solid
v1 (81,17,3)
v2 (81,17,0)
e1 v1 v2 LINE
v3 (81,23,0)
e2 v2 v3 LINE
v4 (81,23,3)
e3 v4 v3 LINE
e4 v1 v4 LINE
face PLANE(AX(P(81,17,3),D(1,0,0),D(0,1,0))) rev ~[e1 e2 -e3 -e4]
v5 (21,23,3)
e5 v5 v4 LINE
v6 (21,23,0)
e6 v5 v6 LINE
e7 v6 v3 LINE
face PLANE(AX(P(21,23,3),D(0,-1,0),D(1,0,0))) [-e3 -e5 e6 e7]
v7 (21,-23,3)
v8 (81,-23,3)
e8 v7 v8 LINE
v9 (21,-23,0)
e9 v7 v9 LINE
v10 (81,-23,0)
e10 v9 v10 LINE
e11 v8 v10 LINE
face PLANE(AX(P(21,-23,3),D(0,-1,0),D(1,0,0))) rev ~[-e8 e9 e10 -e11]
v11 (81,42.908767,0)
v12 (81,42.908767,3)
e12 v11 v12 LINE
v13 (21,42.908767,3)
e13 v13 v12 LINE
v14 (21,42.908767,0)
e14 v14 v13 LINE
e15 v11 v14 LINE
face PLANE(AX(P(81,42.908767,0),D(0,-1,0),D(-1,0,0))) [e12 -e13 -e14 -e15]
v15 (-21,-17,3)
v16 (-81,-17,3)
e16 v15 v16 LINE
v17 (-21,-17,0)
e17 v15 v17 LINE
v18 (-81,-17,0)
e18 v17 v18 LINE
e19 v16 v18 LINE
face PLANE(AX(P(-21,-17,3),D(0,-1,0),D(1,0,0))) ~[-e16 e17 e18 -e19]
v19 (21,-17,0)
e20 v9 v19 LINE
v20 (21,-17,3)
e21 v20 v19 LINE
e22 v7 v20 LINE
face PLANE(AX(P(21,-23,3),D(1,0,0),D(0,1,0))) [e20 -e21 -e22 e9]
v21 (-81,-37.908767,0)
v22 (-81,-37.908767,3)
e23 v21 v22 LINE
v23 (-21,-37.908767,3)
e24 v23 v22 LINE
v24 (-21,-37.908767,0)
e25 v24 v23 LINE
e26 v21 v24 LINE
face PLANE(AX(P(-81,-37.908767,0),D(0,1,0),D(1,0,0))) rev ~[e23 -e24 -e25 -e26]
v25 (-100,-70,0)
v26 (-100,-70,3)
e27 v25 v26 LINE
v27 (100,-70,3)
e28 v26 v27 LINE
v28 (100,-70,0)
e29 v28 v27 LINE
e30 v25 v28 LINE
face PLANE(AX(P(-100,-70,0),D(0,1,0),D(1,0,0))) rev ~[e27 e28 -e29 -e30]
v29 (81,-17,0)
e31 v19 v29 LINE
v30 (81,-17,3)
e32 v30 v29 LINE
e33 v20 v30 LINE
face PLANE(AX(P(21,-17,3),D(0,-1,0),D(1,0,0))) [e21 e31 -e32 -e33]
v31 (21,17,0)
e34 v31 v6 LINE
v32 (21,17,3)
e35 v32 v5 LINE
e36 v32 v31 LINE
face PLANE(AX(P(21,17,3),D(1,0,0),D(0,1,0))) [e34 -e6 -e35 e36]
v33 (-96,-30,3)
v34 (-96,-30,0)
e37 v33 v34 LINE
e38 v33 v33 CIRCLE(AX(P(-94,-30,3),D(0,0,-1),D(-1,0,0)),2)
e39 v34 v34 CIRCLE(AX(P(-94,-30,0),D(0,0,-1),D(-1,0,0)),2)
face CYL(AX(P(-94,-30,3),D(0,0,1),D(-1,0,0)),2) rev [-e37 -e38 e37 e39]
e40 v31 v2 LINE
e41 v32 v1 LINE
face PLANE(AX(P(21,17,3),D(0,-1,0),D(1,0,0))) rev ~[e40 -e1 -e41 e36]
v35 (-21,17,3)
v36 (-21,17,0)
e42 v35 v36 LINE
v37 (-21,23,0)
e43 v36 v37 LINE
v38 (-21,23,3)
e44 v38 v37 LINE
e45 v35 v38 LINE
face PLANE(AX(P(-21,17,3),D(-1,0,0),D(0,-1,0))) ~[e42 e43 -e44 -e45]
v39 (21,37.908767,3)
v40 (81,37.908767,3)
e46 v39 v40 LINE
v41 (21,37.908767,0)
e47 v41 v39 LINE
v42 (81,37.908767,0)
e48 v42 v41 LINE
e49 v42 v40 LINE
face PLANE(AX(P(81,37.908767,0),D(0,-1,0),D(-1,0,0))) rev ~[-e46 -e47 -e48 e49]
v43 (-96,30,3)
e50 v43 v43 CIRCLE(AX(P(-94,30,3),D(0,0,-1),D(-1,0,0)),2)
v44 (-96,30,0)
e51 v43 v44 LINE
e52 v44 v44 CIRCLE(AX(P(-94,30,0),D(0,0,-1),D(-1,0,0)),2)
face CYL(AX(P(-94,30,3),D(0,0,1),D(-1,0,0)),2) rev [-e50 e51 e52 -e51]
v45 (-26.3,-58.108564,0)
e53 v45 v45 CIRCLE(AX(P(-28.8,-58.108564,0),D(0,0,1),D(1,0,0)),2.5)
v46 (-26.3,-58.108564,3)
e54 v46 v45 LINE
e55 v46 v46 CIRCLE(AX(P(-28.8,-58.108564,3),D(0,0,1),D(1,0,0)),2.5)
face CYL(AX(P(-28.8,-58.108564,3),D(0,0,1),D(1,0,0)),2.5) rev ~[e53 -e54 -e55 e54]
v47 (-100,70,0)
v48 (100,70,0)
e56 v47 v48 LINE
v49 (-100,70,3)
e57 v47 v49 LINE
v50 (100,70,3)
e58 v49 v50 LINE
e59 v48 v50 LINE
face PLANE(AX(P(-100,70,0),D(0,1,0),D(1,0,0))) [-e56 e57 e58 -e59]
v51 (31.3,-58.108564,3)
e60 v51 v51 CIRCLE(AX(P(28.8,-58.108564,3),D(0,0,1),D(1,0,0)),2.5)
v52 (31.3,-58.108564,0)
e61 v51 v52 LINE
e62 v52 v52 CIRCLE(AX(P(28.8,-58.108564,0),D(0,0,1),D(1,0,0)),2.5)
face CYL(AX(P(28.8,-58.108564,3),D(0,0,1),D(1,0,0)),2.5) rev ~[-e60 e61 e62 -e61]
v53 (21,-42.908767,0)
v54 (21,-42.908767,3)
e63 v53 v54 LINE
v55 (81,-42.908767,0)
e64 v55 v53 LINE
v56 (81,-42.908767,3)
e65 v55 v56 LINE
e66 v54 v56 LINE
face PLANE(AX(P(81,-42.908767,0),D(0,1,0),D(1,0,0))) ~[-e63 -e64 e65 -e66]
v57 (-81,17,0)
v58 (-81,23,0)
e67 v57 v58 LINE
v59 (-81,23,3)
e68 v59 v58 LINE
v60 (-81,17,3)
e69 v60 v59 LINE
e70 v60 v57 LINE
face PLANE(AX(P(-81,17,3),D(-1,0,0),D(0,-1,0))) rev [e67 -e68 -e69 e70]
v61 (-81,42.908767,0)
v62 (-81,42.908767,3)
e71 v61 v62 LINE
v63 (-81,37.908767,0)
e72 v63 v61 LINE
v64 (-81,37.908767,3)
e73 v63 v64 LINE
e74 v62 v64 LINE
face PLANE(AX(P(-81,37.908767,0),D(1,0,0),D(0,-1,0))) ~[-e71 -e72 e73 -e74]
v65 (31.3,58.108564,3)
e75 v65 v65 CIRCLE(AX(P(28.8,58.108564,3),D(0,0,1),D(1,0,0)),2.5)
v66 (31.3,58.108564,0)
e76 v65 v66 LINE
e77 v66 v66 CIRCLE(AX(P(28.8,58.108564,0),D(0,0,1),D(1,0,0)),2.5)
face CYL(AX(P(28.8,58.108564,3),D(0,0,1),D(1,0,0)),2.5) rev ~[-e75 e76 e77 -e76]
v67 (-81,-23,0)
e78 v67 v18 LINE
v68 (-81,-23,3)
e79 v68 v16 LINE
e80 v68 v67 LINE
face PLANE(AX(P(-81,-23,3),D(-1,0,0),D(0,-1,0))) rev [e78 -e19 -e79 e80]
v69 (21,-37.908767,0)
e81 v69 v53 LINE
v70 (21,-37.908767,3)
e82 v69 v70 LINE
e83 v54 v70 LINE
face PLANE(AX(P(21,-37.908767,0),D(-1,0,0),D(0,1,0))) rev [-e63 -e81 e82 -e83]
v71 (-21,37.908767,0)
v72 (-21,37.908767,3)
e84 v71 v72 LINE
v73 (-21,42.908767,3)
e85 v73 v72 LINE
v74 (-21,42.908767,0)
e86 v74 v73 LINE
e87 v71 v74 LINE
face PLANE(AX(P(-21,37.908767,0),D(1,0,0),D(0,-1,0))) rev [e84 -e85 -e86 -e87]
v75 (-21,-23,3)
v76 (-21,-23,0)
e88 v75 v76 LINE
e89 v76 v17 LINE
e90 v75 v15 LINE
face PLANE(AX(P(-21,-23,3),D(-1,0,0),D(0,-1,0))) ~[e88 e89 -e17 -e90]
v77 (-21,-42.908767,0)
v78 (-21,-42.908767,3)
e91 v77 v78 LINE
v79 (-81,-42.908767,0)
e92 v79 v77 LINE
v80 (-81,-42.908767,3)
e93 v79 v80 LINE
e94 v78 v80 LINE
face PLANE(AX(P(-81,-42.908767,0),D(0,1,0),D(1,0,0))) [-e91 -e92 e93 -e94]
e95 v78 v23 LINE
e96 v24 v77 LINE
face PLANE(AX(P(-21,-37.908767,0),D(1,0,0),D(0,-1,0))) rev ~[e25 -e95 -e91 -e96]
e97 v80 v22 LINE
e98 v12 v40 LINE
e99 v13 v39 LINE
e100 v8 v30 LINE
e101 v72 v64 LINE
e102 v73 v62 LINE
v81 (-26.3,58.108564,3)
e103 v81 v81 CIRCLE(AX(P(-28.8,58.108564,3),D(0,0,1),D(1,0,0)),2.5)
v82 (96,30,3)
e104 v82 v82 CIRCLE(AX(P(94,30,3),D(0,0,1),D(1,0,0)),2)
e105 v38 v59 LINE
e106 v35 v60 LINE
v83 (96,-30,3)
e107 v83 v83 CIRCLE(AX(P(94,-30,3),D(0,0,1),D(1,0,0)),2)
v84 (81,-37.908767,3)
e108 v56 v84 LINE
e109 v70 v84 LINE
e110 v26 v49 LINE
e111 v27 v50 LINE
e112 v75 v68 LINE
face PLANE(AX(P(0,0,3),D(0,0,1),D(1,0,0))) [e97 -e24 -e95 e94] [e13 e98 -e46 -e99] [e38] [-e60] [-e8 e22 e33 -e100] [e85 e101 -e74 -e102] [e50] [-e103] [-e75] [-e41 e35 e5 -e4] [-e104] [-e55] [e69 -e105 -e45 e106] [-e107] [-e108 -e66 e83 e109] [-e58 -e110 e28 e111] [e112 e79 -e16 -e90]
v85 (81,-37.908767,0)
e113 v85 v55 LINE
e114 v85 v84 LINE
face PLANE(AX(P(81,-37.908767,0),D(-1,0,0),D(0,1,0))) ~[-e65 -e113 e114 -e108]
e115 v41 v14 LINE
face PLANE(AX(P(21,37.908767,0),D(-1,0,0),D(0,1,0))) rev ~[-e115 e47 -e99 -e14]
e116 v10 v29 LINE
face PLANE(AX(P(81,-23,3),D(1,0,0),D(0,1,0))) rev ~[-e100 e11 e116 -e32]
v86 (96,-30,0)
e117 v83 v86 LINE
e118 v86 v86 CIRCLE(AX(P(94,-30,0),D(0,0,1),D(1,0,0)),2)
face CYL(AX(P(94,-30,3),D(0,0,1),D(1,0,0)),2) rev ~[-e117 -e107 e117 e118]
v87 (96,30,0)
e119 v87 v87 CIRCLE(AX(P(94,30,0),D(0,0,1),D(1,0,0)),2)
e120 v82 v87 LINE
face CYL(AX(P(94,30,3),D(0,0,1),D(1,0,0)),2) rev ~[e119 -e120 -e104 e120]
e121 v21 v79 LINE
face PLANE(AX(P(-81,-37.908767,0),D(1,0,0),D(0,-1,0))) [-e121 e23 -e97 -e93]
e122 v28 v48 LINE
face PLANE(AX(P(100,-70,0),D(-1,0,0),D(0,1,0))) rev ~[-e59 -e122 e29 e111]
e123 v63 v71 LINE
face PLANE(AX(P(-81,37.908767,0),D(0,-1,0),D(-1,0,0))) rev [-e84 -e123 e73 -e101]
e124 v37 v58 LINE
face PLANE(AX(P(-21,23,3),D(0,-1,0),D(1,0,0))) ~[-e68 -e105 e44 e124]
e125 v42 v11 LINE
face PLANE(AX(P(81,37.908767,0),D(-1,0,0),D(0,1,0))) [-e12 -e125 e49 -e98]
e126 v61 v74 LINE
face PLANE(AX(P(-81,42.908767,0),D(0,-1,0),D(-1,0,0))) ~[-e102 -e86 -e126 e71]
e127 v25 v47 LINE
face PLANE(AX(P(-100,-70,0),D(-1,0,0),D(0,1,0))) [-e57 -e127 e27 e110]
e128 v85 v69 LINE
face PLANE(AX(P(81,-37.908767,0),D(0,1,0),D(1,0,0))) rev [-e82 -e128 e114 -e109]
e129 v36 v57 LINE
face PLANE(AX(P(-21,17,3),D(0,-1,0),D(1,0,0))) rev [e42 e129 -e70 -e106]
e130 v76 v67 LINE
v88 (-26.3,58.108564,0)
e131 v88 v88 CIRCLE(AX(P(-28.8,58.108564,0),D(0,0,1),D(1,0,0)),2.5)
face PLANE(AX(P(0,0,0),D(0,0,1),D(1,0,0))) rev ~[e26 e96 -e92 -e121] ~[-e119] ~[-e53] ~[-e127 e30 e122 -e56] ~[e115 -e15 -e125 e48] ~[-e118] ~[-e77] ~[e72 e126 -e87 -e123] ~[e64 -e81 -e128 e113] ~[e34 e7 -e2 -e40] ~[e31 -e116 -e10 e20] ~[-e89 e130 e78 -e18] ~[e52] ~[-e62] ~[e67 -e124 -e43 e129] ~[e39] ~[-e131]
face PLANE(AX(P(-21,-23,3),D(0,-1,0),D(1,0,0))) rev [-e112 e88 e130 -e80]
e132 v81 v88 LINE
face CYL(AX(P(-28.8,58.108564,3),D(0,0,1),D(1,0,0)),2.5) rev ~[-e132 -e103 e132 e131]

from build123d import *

# Parameters (mm, degrees)
SKETCH_2_W               = 200
SKETCH_2_H               = 140
EXTRUDE_1_DEPTH          = 3
SKETCH_3_R               = 2
CUT_EXTRUDE_1_DEPTH      = 3
SKETCH_4_W               = 60
SKETCH_4_H               = 6
CUT_EXTRUDE_2_DEPTH      = 10
SKETCH_5_W               = 60
SKETCH_5_H               = 5
CUT_EXTRUDE_3_DEPTH      = 6
MIRROR_2_COPY_1_SKETCH_W = 60
MIRROR_2_COPY_1_SKETCH_H = 5
MIRROR_2_COPY_1_DEPTH    = 6
SKETCH_6_R               = 2.5
CUT_EXTRUDE_4_DEPTH      = 5


with BuildPart() as part:
    # 草图2 → 凸台-拉伸1 (new body)
    with BuildSketch(Plane.XY):
        Rectangle(SKETCH_2_W, SKETCH_2_H)
    extrude(amount=EXTRUDE_1_DEPTH)

    # 草图3 → 切除-拉伸1 (cut)
    with BuildSketch(Plane.XY.offset(3)):
        with Locations((94, 30)):
            Circle(SKETCH_3_R)
        with Locations((94, -30)):
            Circle(SKETCH_3_R)
    cut_extrude_1 = extrude(amount=-CUT_EXTRUDE_1_DEPTH, mode=Mode.SUBTRACT)

    # 草图4 → 切除-拉伸2 (cut)
    with BuildSketch(Plane.XY.offset(3)):
        with Locations((51, 20)):
            Rectangle(SKETCH_4_W, SKETCH_4_H)
        with Locations((51, -20)):
            Rectangle(SKETCH_4_W, SKETCH_4_H)
    cut_extrude_2 = extrude(amount=-CUT_EXTRUDE_2_DEPTH, mode=Mode.SUBTRACT)

    # 草图5 → 切除-拉伸3 (cut)
    with BuildSketch(Plane(origin=(0, 0, 0), x_dir=(-1, 0, 0), z_dir=(0, 0, -1))):
        with Locations((-51, 40.40876744)):
            Rectangle(SKETCH_5_W, SKETCH_5_H)
    cut_extrude_3 = extrude(amount=-CUT_EXTRUDE_3_DEPTH, mode=Mode.SUBTRACT)

    # 镜向1: 切除-拉伸3 across plane
    add(cut_extrude_3.mirror(Plane.ZX), mode=Mode.SUBTRACT)

    # 镜向2: 切除-拉伸1, 切除-拉伸2, 切除-拉伸3 across plane
    add(cut_extrude_1.mirror(Plane.ZY), mode=Mode.SUBTRACT)
    add(cut_extrude_2.mirror(Plane.ZY), mode=Mode.SUBTRACT)
    add(cut_extrude_3.mirror(Plane.ZY), mode=Mode.SUBTRACT)

    # 镜向2 copy 1 sketch → 镜向2 copy 1 (cut)
    with BuildSketch(Plane(origin=(0, 0, 0), x_dir=(1, 0, 0), z_dir=(0, 0, -1))):
        with Locations((-51, 40.40876744)):
            Rectangle(MIRROR_2_COPY_1_SKETCH_W, MIRROR_2_COPY_1_SKETCH_H)
    extrude(amount=-MIRROR_2_COPY_1_DEPTH, mode=Mode.SUBTRACT)

    # 草图6 → 切除-拉伸4 (cut)
    with BuildSketch(Plane.XY.offset(3)):
        with Locations((-28.8, 58.108563741)):
            Circle(SKETCH_6_R)
        with Locations((-28.8, -58.108563741)):
            Circle(SKETCH_6_R)
        with Locations((28.8, -58.108563741)):
            Circle(SKETCH_6_R)
        with Locations((28.8, 58.108563741)):
            Circle(SKETCH_6_R)
    extrude(amount=-CUT_EXTRUDE_4_DEPTH, mode=Mode.SUBTRACT)


solid = part.part
